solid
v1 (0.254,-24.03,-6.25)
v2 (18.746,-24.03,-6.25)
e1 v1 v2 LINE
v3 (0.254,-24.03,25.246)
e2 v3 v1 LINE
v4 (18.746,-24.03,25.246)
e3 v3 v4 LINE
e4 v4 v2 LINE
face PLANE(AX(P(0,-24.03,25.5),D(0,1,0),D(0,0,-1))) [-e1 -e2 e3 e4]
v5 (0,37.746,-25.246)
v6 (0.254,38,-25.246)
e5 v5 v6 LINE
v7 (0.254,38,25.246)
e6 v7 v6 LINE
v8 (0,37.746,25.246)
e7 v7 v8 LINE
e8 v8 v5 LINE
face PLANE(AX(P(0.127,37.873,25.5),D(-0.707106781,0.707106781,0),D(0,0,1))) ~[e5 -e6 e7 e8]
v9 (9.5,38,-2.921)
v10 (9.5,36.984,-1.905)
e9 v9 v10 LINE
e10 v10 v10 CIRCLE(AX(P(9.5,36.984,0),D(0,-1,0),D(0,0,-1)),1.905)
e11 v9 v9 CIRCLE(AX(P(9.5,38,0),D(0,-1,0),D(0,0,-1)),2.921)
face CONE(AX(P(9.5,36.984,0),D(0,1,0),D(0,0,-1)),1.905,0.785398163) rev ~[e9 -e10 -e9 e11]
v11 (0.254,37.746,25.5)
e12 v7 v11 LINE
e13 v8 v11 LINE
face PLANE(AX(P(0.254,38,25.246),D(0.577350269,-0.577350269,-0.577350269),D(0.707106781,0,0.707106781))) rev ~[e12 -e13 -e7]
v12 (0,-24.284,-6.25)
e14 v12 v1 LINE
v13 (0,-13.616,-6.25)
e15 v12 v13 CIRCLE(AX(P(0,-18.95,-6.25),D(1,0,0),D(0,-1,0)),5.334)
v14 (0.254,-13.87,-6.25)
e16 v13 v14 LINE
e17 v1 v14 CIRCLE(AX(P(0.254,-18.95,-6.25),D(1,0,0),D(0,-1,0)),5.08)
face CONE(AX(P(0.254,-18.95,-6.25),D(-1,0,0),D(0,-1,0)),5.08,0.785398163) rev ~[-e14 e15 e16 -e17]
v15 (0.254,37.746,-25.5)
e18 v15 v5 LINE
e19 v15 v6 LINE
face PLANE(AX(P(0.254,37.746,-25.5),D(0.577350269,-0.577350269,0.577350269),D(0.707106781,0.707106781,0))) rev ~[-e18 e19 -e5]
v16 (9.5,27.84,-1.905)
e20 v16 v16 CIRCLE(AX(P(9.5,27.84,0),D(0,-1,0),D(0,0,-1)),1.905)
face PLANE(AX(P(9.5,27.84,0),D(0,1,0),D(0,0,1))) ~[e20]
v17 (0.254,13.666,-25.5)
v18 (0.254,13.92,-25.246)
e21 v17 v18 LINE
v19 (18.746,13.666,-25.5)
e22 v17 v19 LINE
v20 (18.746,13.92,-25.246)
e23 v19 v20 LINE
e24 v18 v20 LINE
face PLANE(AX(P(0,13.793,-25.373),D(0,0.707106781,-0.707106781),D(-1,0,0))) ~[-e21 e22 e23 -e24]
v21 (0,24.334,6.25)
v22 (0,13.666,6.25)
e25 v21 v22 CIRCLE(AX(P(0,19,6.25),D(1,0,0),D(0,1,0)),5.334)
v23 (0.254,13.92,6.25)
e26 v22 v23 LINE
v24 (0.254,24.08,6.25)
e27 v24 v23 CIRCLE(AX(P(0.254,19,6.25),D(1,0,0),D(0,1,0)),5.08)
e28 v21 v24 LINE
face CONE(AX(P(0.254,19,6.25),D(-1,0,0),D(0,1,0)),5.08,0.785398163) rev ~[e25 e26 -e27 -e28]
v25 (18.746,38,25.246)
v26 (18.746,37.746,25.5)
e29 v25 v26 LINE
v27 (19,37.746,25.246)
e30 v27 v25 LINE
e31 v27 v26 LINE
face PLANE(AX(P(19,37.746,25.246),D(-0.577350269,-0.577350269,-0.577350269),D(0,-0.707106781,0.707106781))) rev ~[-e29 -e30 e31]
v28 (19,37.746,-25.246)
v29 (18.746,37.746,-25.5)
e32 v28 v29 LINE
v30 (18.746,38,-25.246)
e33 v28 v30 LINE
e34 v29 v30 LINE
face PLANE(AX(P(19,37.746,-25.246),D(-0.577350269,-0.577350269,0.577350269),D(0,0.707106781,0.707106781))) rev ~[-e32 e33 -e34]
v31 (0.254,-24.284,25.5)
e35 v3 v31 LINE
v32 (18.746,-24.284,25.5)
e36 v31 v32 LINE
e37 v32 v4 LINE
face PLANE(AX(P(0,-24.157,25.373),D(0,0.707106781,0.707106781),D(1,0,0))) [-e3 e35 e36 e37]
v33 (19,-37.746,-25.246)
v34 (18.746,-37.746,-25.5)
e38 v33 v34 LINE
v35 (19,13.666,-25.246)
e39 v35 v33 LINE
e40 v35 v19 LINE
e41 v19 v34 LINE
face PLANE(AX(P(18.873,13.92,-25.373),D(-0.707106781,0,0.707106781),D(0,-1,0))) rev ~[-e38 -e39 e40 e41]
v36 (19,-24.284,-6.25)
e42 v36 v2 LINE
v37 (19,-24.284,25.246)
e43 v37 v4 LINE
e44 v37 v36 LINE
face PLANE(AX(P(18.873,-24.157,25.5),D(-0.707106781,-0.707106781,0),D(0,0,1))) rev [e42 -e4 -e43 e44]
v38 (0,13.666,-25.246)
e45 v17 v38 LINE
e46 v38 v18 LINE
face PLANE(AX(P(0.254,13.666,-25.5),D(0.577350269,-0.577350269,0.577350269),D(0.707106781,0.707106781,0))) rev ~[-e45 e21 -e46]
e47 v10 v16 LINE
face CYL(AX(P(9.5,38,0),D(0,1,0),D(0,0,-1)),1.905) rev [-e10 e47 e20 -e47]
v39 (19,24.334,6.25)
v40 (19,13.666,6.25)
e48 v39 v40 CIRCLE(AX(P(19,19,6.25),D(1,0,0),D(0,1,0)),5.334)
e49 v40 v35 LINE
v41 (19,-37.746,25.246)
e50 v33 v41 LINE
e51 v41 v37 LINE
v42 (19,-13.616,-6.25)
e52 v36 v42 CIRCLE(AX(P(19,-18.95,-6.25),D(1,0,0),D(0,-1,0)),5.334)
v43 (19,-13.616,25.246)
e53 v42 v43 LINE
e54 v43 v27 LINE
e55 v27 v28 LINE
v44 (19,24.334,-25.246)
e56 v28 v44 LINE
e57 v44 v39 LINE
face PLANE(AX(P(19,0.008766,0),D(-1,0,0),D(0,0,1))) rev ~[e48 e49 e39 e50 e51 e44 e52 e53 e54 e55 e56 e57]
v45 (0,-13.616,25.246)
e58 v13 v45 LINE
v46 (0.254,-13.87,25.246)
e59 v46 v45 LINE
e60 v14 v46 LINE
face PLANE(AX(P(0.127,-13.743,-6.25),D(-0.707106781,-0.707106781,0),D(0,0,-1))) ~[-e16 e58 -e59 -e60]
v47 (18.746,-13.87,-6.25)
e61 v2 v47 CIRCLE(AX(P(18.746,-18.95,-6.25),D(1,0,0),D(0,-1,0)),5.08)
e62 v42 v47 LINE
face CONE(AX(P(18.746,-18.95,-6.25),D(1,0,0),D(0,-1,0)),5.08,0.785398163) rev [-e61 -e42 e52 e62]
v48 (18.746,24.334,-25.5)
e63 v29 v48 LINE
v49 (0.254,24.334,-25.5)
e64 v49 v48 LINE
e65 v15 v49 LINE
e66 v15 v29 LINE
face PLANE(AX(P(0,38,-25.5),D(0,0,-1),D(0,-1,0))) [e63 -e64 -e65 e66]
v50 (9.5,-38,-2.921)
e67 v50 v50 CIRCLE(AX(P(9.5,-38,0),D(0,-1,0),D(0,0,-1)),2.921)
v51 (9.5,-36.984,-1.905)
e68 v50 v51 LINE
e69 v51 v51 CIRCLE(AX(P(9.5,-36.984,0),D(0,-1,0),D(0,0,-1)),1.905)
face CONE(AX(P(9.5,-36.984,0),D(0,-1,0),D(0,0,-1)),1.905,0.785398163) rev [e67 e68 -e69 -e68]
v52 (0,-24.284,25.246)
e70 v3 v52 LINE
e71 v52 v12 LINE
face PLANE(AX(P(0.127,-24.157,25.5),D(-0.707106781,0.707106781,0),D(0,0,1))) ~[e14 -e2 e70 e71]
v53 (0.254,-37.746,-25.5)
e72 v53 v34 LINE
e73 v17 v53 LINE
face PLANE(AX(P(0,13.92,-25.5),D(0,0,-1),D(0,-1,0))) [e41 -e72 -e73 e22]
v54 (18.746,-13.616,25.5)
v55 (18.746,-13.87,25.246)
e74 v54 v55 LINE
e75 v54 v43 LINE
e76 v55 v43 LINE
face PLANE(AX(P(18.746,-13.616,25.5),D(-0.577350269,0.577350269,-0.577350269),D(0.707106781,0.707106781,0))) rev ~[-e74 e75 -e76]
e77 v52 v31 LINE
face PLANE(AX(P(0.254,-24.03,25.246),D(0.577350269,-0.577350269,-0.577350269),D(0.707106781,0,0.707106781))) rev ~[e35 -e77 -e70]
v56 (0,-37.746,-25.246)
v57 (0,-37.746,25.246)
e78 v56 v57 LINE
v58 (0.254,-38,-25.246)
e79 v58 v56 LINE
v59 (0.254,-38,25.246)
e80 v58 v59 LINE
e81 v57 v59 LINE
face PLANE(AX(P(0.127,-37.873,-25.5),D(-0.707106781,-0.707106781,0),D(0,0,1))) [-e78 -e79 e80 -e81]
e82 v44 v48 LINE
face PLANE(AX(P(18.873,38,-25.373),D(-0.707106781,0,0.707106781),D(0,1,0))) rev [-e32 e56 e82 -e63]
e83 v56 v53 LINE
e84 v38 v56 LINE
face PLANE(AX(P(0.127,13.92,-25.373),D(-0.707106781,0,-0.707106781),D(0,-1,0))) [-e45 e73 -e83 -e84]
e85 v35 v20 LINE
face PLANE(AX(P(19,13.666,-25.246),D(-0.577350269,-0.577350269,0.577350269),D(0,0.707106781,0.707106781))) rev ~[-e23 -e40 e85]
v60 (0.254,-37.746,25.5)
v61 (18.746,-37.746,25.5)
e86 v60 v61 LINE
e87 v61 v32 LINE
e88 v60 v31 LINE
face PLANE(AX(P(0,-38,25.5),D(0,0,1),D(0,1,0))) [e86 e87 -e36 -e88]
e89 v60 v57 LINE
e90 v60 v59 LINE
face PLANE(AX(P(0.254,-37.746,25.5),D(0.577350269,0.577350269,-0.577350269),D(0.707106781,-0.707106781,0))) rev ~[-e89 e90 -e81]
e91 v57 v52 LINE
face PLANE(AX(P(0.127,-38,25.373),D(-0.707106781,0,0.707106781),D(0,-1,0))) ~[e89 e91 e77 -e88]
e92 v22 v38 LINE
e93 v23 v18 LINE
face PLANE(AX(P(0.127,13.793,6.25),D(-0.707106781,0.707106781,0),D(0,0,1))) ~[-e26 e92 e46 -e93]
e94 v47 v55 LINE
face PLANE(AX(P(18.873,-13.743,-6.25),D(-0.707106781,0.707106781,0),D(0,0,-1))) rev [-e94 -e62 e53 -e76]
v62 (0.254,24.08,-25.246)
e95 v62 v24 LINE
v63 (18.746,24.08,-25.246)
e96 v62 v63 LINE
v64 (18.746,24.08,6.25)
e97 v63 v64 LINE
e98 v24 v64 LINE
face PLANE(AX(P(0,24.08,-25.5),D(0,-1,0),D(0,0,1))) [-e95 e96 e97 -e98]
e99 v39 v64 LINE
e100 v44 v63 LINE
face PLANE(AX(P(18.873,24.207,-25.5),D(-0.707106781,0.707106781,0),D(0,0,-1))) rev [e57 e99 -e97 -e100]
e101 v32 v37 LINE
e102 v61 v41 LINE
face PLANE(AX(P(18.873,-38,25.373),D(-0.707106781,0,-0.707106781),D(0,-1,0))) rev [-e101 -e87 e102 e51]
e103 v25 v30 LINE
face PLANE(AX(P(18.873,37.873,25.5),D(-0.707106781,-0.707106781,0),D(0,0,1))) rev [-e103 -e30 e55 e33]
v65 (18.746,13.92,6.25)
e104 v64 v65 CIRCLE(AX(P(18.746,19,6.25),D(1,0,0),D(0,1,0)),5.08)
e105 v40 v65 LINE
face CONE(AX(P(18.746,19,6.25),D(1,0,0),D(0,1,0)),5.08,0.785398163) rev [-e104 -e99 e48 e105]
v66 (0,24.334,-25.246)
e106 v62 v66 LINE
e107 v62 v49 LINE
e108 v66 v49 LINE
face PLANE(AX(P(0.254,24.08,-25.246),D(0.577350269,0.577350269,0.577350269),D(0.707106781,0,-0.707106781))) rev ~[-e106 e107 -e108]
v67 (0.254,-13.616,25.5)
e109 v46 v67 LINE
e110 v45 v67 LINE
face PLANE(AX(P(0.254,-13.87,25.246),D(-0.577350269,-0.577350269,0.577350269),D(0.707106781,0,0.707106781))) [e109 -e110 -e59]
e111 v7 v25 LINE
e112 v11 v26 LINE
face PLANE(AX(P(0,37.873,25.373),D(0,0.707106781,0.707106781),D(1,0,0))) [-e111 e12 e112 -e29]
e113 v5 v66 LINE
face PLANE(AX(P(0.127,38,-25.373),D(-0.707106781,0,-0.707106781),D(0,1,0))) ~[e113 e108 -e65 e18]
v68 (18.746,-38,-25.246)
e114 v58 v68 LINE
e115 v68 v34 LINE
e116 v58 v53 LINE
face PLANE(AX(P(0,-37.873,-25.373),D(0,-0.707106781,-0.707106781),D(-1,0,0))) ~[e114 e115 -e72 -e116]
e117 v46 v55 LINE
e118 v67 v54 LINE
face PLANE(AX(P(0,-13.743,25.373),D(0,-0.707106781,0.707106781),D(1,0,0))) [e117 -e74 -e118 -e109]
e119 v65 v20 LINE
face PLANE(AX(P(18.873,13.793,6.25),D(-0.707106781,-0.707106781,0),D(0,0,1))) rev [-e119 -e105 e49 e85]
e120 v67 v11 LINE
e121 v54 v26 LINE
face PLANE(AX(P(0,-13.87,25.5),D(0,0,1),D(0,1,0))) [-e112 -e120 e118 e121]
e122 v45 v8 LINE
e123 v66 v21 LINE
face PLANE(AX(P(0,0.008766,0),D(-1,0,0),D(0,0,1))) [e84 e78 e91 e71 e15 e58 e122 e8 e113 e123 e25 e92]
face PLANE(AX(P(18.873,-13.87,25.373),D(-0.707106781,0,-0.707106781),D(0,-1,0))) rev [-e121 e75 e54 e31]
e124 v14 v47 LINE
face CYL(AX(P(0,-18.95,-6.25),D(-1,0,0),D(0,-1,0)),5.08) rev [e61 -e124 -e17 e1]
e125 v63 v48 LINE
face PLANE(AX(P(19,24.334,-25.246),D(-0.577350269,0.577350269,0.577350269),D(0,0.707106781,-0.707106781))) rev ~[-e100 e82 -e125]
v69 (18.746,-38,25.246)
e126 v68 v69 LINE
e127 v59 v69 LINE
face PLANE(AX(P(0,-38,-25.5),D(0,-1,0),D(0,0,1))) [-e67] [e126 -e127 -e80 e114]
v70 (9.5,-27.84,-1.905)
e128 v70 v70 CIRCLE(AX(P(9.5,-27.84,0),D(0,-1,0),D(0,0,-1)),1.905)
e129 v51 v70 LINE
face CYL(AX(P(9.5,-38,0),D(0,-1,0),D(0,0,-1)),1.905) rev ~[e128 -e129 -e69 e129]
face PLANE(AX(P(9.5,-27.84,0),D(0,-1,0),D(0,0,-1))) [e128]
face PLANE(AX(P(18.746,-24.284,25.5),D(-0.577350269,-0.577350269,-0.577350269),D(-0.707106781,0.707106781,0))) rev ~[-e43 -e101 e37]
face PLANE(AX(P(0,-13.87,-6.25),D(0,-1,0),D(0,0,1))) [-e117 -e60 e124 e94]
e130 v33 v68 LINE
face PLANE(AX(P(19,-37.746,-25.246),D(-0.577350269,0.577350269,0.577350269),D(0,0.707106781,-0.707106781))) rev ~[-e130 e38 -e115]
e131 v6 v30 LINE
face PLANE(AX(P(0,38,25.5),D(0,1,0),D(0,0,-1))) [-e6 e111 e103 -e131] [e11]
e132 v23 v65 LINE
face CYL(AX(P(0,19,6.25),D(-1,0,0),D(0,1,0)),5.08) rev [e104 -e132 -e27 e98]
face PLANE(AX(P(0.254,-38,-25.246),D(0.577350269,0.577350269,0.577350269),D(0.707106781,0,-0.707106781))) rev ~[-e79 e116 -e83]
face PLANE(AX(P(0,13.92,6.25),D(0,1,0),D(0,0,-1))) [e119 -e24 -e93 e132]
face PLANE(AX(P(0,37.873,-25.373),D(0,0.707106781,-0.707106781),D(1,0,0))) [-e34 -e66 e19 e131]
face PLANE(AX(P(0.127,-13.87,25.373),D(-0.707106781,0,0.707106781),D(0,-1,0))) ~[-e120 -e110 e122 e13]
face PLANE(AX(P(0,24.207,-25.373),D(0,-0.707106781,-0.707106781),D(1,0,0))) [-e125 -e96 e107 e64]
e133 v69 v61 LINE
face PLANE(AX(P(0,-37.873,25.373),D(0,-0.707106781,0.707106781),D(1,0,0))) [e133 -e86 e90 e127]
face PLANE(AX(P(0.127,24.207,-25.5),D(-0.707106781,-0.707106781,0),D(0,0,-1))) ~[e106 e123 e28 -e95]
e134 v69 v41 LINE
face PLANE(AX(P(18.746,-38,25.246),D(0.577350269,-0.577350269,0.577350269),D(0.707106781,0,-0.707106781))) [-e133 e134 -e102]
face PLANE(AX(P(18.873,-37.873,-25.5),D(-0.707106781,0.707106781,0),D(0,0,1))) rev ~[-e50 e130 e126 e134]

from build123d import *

# Parameters (mm, degrees)
BOSS_EXTRUDE1_DEPTH = 19
SKETCH2_R           = 1.905
CUT_EXTRUDE1_DEPTH  = 10.16
CHAMFER1_SIZE       = 1.016
CHAMFER2_SIZE       = 0.254
CHAMFER3_SIZE       = 1.016


with BuildPart() as part:
    # Sketch1 → Boss-Extrude1 (new body)
    with BuildSketch(Plane(origin=(0, 0, 0), x_dir=(0, 0, -1), z_dir=(1, 0, 0))):
        with BuildLine():
            Line((6.25, -13.87), (-25.5, -13.87))
            Line((-25.5, -13.87), (-25.5, 38))
            Line((-25.5, 38), (25.5, 38))
            Line((25.5, 38), (25.5, 24.08))
            Line((25.5, 24.08), (-6.25, 24.08))
            ThreePointArc((-6.25, 24.08), (-11.33, 19), (-6.25, 13.92))
            Line((-6.25, 13.92), (25.5, 13.92))
            Line((25.5, 13.92), (25.5, -38))
            Line((25.5, -38), (-25.5, -38))
            Line((-25.5, -38), (-25.5, -24.03))
            Line((-25.5, -24.03), (6.25, -24.03))
            ThreePointArc((6.25, -24.03), (11.33, -18.95), (6.25, -13.87))
        make_face()
    extrude(amount=BOSS_EXTRUDE1_DEPTH)

    # Sketch2 → Cut-Extrude1 (cut)
    with BuildSketch(Plane.XZ.offset(38)):
        with Locations(Location((9.5, 0, 0), (0, 0, 270))):
            Circle(SKETCH2_R)
    cut_extrude1 = extrude(amount=-CUT_EXTRUDE1_DEPTH, mode=Mode.SUBTRACT)

    # Chamfer1
    chamfer1_edges = [part.edges().sort_by_distance(p)[0] for p in [
        (9.5, -38, 1.905),
    ]]
    chamfer(chamfer1_edges, length=CHAMFER1_SIZE)

    # Chamfer2
    chamfer2_edges = [part.edges().sort_by_distance(p)[0] for p in [
        (19, -18.95, -11.33),
        (0, 12.065, 25.5),
        (0, 38, 0),
        (0, 31.04, -25.5),
        (0, 24.08, -9.625),
        (19, -24.03, 9.625),
        (0, 19, 11.33),
        (0, 13.92, -9.625),
        (0, -12.04, -25.5),
        (0, -38, 0),
        (0, -31.015, 25.5),
        (0, -24.03, 9.625),
        (0, -18.95, -11.33),
        (0, -13.87, 9.625),
        (19, -31.015, 25.5),
        (9.5, -13.87, 25.5),
        (9.5, 38, 25.5),
        (9.5, 38, -25.5),
        (9.5, 24.08, -25.5),
        (9.5, 13.92, -25.5),
        (9.5, -38, -25.5),
        (9.5, -38, 25.5),
        (9.5, -24.03, 25.5),
        (19, -38, 0),
        (19, -12.04, -25.5),
        (19, 13.92, -9.625),
        (19, 19, 11.33),
        (19, 24.08, -9.625),
        (19, 31.04, -25.5),
        (19, 38, 0),
        (19, -13.87, 9.625),
        (19, 12.065, 25.5),
    ]]
    chamfer(chamfer2_edges, length=CHAMFER2_SIZE)

    # Mirror3: Cut-Extrude1 across plane
    add(cut_extrude1.mirror(Plane.ZX), mode=Mode.SUBTRACT)

    # Chamfer3
    chamfer3_edges = [part.edges().sort_by_distance(p)[0] for p in [
        (9.5, 38, 1.905),
    ]]
    chamfer(chamfer3_edges, length=CHAMFER3_SIZE)


solid = part.part
